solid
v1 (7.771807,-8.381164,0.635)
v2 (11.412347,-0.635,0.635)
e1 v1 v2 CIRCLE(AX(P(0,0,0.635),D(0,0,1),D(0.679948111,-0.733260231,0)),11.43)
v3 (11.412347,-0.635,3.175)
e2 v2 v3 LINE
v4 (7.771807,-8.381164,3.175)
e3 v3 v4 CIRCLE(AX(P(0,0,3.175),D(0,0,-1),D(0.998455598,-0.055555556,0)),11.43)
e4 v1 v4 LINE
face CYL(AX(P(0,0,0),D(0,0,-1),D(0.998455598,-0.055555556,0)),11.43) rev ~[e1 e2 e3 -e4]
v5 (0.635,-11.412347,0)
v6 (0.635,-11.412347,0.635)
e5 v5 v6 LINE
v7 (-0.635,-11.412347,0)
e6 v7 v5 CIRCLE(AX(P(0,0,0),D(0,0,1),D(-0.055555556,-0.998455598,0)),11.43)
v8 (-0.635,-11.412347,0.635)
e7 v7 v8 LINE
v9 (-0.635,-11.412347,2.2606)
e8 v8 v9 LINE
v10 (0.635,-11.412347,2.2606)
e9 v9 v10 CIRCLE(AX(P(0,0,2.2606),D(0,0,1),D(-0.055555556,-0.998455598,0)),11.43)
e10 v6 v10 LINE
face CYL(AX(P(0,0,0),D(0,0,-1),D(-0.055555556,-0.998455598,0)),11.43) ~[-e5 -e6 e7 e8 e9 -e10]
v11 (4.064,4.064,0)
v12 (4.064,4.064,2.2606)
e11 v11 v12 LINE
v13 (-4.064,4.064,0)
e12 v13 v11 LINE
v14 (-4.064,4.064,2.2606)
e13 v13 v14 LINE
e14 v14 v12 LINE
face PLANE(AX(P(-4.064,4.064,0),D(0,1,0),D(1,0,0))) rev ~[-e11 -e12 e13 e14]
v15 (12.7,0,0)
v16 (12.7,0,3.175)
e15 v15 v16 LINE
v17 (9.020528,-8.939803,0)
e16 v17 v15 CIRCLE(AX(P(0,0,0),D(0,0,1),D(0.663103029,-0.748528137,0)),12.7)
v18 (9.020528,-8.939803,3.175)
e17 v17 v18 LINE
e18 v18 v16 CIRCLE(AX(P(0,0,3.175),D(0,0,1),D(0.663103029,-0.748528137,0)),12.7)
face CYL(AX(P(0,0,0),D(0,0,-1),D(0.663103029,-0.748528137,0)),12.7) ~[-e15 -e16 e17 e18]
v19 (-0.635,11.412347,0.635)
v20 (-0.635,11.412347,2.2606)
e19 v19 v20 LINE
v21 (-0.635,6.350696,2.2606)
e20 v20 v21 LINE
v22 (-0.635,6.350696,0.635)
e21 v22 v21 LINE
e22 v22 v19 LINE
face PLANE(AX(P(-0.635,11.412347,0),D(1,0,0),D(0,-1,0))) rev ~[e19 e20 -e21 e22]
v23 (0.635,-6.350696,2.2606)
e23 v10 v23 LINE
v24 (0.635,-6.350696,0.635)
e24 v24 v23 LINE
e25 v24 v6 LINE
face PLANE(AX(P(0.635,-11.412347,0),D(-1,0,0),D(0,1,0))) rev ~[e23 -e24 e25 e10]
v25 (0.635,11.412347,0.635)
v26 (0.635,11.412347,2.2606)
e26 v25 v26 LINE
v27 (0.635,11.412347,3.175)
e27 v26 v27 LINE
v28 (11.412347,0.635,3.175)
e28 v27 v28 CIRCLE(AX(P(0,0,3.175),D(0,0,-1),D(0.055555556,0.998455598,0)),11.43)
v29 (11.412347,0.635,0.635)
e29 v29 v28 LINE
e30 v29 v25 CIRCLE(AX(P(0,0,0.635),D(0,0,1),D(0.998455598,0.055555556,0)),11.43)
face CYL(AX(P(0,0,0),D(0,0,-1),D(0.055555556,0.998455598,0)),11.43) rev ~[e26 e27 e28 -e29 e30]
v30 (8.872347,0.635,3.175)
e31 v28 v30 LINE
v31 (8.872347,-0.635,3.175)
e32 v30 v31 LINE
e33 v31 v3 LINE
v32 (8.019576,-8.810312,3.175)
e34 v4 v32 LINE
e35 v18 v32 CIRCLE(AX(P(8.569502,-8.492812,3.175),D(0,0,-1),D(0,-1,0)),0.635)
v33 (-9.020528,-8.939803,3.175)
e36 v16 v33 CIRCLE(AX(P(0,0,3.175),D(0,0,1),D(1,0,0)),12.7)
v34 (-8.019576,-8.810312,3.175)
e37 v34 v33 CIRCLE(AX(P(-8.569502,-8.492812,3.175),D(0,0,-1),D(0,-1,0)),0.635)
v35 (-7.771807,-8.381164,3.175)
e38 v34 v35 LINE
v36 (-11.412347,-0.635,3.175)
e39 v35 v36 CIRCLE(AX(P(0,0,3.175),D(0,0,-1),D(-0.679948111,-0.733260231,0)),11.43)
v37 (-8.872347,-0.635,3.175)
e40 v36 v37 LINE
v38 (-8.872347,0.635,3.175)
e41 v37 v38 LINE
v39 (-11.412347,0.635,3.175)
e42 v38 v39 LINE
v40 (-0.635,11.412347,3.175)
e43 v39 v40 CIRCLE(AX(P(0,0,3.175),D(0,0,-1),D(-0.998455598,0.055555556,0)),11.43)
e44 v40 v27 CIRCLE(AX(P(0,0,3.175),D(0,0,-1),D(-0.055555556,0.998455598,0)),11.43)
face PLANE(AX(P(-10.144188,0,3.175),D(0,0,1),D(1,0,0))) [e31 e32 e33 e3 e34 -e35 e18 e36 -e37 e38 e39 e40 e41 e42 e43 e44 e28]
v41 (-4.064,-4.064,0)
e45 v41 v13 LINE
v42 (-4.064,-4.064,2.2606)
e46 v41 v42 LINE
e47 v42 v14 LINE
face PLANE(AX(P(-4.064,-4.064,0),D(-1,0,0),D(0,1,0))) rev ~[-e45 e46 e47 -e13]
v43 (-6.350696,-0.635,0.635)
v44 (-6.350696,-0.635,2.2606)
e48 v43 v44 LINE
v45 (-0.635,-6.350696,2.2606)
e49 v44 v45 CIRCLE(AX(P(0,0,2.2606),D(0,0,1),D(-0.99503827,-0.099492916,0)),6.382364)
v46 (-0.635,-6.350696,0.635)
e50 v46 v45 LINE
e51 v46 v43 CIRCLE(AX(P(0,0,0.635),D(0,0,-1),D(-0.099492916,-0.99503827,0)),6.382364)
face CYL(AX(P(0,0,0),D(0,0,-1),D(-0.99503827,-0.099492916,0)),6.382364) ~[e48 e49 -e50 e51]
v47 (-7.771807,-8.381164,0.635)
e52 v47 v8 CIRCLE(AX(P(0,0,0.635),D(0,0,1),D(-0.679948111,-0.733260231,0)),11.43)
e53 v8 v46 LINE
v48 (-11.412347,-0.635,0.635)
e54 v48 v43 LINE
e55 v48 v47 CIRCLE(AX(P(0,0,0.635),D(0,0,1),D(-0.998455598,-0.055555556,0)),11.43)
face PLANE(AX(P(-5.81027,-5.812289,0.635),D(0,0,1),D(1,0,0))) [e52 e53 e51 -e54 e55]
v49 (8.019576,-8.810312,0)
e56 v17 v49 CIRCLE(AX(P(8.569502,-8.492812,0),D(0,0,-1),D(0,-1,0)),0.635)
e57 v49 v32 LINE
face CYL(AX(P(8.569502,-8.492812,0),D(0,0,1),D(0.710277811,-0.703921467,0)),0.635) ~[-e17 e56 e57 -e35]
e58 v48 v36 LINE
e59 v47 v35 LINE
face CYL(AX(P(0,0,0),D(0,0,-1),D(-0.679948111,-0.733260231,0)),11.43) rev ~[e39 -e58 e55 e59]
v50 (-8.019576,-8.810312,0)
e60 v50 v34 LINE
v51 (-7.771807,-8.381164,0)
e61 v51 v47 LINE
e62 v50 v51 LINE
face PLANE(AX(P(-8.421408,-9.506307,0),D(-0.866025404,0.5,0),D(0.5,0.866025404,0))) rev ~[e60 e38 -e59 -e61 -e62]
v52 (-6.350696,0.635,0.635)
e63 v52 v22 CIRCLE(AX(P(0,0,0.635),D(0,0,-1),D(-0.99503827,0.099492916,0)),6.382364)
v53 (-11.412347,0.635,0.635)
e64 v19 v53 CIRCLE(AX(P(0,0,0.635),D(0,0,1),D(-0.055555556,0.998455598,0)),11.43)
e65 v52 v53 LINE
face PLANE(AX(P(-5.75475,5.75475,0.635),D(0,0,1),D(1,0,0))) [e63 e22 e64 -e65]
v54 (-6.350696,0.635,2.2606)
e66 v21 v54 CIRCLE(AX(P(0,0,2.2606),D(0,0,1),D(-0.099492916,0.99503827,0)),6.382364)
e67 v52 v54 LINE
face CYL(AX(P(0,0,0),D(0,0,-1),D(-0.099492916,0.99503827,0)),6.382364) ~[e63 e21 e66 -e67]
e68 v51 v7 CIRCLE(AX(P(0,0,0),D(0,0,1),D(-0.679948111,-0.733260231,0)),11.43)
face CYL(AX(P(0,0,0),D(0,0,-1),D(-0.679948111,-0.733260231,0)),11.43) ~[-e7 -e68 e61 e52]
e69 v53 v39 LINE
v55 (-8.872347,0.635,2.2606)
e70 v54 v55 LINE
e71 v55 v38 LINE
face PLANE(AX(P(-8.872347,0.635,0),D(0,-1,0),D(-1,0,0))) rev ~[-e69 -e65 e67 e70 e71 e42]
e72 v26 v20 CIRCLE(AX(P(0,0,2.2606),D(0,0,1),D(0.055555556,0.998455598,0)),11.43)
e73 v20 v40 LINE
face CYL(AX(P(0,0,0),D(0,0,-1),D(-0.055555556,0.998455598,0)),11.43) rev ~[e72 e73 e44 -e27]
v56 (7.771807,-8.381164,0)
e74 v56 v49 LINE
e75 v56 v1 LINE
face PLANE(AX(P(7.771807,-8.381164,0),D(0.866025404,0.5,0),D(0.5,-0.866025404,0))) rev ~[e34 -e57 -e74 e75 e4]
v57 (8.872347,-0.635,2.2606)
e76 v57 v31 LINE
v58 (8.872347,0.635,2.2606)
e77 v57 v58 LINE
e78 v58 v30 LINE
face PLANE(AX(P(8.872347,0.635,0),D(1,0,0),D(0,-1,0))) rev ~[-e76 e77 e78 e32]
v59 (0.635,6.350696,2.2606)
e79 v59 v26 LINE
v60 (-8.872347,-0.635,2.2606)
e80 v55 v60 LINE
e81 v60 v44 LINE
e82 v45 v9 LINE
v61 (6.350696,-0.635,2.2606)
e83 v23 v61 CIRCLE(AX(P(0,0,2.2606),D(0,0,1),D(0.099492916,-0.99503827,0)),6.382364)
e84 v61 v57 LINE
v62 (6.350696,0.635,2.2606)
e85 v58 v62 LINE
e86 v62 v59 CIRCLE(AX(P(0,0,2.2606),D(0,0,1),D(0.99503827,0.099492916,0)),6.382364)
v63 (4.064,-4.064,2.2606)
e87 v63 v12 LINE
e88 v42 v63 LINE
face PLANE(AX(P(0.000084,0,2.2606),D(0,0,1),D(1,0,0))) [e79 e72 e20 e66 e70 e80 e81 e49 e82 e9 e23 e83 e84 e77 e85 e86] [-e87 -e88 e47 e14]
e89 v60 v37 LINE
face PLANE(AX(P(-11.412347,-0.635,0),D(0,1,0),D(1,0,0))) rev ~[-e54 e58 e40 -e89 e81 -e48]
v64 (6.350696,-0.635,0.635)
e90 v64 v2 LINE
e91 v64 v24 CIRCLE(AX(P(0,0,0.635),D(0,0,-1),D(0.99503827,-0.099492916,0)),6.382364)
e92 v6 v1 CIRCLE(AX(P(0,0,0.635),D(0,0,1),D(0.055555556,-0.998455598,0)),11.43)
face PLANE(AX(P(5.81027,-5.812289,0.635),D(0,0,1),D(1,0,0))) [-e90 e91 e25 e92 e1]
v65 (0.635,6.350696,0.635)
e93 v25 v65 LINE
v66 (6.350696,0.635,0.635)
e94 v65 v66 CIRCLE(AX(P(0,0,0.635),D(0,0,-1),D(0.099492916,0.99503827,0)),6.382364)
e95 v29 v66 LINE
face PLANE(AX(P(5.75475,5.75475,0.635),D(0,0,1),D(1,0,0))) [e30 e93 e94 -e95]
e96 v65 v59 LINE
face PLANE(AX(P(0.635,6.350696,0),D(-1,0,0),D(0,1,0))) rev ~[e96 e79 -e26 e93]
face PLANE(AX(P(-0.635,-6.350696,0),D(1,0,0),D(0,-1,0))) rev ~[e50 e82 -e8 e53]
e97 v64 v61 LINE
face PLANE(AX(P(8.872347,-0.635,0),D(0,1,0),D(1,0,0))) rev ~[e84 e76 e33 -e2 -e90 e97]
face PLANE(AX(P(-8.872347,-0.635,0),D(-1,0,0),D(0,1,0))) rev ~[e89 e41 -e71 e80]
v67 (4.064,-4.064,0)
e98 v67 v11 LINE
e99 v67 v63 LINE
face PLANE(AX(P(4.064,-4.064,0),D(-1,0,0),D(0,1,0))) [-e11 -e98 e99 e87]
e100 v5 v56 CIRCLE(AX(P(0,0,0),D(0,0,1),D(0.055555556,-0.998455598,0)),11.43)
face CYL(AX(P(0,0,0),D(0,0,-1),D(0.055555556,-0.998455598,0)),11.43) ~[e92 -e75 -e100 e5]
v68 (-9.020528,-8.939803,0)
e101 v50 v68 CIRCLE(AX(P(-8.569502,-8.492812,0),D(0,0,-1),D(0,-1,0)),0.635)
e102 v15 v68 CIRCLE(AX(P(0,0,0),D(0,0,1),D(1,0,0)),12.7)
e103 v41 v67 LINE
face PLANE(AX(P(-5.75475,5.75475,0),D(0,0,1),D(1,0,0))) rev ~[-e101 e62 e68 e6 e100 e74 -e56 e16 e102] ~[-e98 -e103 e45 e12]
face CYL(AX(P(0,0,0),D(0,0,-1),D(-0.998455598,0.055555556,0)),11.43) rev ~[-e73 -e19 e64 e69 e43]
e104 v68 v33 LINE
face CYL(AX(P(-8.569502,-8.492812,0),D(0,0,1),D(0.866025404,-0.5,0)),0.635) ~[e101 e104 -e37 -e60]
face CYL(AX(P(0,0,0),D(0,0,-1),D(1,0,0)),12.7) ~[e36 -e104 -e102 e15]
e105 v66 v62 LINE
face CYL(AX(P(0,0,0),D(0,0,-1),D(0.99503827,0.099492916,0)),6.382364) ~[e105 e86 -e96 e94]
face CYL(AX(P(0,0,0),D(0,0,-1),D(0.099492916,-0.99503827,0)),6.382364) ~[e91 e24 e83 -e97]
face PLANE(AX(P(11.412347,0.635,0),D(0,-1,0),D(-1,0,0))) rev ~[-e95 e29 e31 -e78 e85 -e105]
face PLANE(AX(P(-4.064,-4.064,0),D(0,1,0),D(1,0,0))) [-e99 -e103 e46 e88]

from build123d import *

# Parameters (mm, degrees)
F0_W     = 8.128
F0_H     = 8.128
F1_DEPTH = 2.2606
F2_DEPTH = 0.635
F3_DEPTH = 3.175
F4_R     = 0.635


with BuildPart() as f1:
    # F0 (on Top) → F1 (new body)
    with BuildSketch(Plane.XY):
        with BuildLine():
            ThreePointArc((-6.3506963536, -0.635), (-4.5130128061, -4.5130128061), (-0.635, -6.3506963536))
            ThreePointArc((-0.635, -6.3506963536), (0, -6.3823639175), (0.635, -6.3506963536))
            ThreePointArc((0.635, -6.3506963536), (4.5130128061, -4.5130128061), (6.3506963536, -0.635))
            ThreePointArc((6.3506963536, -0.635), (6.3744421102, -0.3178945716), (6.3823639175, 0))
            ThreePointArc((6.3823639175, 0), (6.3744421102, 0.3178945716), (6.3506963536, 0.635))
            ThreePointArc((6.3506963536, 0.635), (4.5130128061, 4.5130128061), (0.635, 6.3506963536))
            ThreePointArc((0.635, 6.3506963536), (0, 6.3823639175), (-0.635, 6.3506963536))
            ThreePointArc((-0.635, 6.3506963536), (-4.5130128061, 4.5130128061), (-6.3506963536, 0.635))
            ThreePointArc((-6.3506963536, 0.635), (-6.3823639175, 0), (-6.3506963536, -0.635))
        make_face()
        Rectangle(F0_W, F0_H, mode=Mode.SUBTRACT)
        with BuildLine():
            Line((-0.635, -6.3506963536), (-0.635, -11.4123474798))
            ThreePointArc((-0.635, -11.4123474798), (0, -11.43), (0.635, -11.4123474798))
            Line((0.635, -11.4123474798), (0.635, -6.3506963536))
            ThreePointArc((0.635, -6.3506963536), (0, -6.3823639175), (-0.635, -6.3506963536))
        make_face()
        with BuildLine():
            ThreePointArc((0.635, 11.4123474798), (0, 11.43), (-0.635, 11.4123474798))
            Line((-0.635, 11.4123474798), (-0.635, 6.3506963536))
            ThreePointArc((-0.635, 6.3506963536), (0, 6.3823639175), (0.635, 6.3506963536))
            Line((0.635, 6.3506963536), (0.635, 11.4123474798))
        make_face()
        with BuildLine():
            Line((-8.8723474798, 0.635), (-8.8723474798, -0.635))
            Line((-8.8723474798, -0.635), (-6.3506963536, -0.635))
            ThreePointArc((-6.3506963536, -0.635), (-6.3823639175, 0), (-6.3506963536, 0.635))
            Line((-6.3506963536, 0.635), (-8.8723474798, 0.635))
        make_face()
        with BuildLine():
            Line((6.3506963536, -0.635), (8.8723474798, -0.635))
            Line((8.8723474798, -0.635), (8.8723474798, 0.635))
            Line((8.8723474798, 0.635), (6.3506963536, 0.635))
            ThreePointArc((6.3506963536, 0.635), (6.3744421102, 0.3178945716), (6.3823639175, 0))
            ThreePointArc((6.3823639175, 0), (6.3744421102, -0.3178945716), (6.3506963536, -0.635))
        make_face()
    extrude(amount=F1_DEPTH)

    # F0 (on Top) → F2 (join)
    with BuildSketch(Plane.XY):
        with BuildLine():
            ThreePointArc((-0.635, 11.4123474798), (-8.082230509, 8.082230509), (-11.4123474798, 0.635))
            Line((-11.4123474798, 0.635), (-8.8723474798, 0.635))
            Line((-8.8723474798, 0.635), (-6.3506963536, 0.635))
            ThreePointArc((-6.3506963536, 0.635), (-4.5130128061, 4.5130128061), (-0.635, 6.3506963536))
            Line((-0.635, 6.3506963536), (-0.635, 11.4123474798))
        make_face()
        with BuildLine():
            Line((8.8723474798, 0.635), (11.4123474798, 0.635))
            ThreePointArc((11.4123474798, 0.635), (8.082230509, 8.082230509), (0.635, 11.4123474798))
            Line((0.635, 11.4123474798), (0.635, 6.3506963536))
            ThreePointArc((0.635, 6.3506963536), (4.5130128061, 4.5130128061), (6.3506963536, 0.635))
            Line((6.3506963536, 0.635), (8.8723474798, 0.635))
        make_face()
        with BuildLine():
            ThreePointArc((0.635, -11.4123474798), (4.4682903074, -10.5204221269), (7.7718069116, -8.3811644375))
            ThreePointArc((7.7718069116, -8.3811644375), (10.3445014767, -4.8617064081), (11.4123474798, -0.635))
            Line((11.4123474798, -0.635), (8.8723474798, -0.635))
            Line((8.8723474798, -0.635), (6.3506963536, -0.635))
            ThreePointArc((6.3506963536, -0.635), (4.5130128061, -4.5130128061), (0.635, -6.3506963536))
            Line((0.635, -6.3506963536), (0.635, -11.4123474798))
        make_face()
        with BuildLine():
            ThreePointArc((-11.4123474798, -0.635), (-10.3445014767, -4.8617064081), (-7.7718069116, -8.3811644375))
            ThreePointArc((-7.7718069116, -8.3811644375), (-4.4682903074, -10.5204221269), (-0.635, -11.4123474798))
            Line((-0.635, -11.4123474798), (-0.635, -6.3506963536))
            ThreePointArc((-0.635, -6.3506963536), (-4.5130128061, -4.5130128061), (-6.3506963536, -0.635))
            Line((-6.3506963536, -0.635), (-8.8723474798, -0.635))
            Line((-8.8723474798, -0.635), (-11.4123474798, -0.635))
        make_face()
    extrude(amount=F2_DEPTH)

    # F0 (on Top) → F3 (join)
    with BuildSketch(Plane.XY):
        with BuildLine():
            ThreePointArc((-11.4123474798, 0.635), (-11.43, 0), (-11.4123474798, -0.635))
            Line((-11.4123474798, -0.635), (-8.8723474798, -0.635))
            Line((-8.8723474798, -0.635), (-8.8723474798, 0.635))
            Line((-8.8723474798, 0.635), (-11.4123474798, 0.635))
        make_face()
        with BuildLine():
            Line((8.8723474798, -0.635), (11.4123474798, -0.635))
            ThreePointArc((11.4123474798, -0.635), (11.4255860177, -0.317622658), (11.43, 0))
            ThreePointArc((11.43, 0), (11.4255860177, 0.317622658), (11.4123474798, 0.635))
            Line((11.4123474798, 0.635), (8.8723474798, 0.635))
            Line((8.8723474798, 0.635), (8.8723474798, -0.635))
        make_face()
        with BuildLine():
            ThreePointArc((8.4214084723, -9.5063073453), (11.581059701, -5.2123944786), (12.7, 0))
            ThreePointArc((12.7, 0), (-5.2123944786, 11.581059701), (-8.4214084723, -9.5063073453))
            Line((-8.4214084723, -9.5063073453), (-7.7718069116, -8.3811644375))
            ThreePointArc((-7.7718069116, -8.3811644375), (-10.3445014767, -4.8617064081), (-11.4123474798, -0.635))
            ThreePointArc((-11.4123474798, -0.635), (-11.43, 0), (-11.4123474798, 0.635))
            ThreePointArc((-11.4123474798, 0.635), (-8.082230509, 8.082230509), (-0.635, 11.4123474798))
            ThreePointArc((-0.635, 11.4123474798), (0, 11.43), (0.635, 11.4123474798))
            ThreePointArc((0.635, 11.4123474798), (8.082230509, 8.082230509), (11.4123474798, 0.635))
            ThreePointArc((11.4123474798, 0.635), (11.4255860177, 0.317622658), (11.43, 0))
            ThreePointArc((11.43, 0), (11.4255860177, -0.317622658), (11.4123474798, -0.635))
            ThreePointArc((11.4123474798, -0.635), (10.3445014767, -4.8617064081), (7.7718069116, -8.3811644375))
            Line((7.7718069116, -8.3811644375), (8.4214084723, -9.5063073453))
        make_face()
    extrude(amount=F3_DEPTH)

    # F4
    f4_edges = [f1.edges().sort_by_distance(p)[0] for p in [
        (-8.421408, -9.506307, 1.5875),
        (8.421408, -9.506307, 1.5875),
    ]]
    fillet(f4_edges, radius=F4_R)


solid = f1.part
